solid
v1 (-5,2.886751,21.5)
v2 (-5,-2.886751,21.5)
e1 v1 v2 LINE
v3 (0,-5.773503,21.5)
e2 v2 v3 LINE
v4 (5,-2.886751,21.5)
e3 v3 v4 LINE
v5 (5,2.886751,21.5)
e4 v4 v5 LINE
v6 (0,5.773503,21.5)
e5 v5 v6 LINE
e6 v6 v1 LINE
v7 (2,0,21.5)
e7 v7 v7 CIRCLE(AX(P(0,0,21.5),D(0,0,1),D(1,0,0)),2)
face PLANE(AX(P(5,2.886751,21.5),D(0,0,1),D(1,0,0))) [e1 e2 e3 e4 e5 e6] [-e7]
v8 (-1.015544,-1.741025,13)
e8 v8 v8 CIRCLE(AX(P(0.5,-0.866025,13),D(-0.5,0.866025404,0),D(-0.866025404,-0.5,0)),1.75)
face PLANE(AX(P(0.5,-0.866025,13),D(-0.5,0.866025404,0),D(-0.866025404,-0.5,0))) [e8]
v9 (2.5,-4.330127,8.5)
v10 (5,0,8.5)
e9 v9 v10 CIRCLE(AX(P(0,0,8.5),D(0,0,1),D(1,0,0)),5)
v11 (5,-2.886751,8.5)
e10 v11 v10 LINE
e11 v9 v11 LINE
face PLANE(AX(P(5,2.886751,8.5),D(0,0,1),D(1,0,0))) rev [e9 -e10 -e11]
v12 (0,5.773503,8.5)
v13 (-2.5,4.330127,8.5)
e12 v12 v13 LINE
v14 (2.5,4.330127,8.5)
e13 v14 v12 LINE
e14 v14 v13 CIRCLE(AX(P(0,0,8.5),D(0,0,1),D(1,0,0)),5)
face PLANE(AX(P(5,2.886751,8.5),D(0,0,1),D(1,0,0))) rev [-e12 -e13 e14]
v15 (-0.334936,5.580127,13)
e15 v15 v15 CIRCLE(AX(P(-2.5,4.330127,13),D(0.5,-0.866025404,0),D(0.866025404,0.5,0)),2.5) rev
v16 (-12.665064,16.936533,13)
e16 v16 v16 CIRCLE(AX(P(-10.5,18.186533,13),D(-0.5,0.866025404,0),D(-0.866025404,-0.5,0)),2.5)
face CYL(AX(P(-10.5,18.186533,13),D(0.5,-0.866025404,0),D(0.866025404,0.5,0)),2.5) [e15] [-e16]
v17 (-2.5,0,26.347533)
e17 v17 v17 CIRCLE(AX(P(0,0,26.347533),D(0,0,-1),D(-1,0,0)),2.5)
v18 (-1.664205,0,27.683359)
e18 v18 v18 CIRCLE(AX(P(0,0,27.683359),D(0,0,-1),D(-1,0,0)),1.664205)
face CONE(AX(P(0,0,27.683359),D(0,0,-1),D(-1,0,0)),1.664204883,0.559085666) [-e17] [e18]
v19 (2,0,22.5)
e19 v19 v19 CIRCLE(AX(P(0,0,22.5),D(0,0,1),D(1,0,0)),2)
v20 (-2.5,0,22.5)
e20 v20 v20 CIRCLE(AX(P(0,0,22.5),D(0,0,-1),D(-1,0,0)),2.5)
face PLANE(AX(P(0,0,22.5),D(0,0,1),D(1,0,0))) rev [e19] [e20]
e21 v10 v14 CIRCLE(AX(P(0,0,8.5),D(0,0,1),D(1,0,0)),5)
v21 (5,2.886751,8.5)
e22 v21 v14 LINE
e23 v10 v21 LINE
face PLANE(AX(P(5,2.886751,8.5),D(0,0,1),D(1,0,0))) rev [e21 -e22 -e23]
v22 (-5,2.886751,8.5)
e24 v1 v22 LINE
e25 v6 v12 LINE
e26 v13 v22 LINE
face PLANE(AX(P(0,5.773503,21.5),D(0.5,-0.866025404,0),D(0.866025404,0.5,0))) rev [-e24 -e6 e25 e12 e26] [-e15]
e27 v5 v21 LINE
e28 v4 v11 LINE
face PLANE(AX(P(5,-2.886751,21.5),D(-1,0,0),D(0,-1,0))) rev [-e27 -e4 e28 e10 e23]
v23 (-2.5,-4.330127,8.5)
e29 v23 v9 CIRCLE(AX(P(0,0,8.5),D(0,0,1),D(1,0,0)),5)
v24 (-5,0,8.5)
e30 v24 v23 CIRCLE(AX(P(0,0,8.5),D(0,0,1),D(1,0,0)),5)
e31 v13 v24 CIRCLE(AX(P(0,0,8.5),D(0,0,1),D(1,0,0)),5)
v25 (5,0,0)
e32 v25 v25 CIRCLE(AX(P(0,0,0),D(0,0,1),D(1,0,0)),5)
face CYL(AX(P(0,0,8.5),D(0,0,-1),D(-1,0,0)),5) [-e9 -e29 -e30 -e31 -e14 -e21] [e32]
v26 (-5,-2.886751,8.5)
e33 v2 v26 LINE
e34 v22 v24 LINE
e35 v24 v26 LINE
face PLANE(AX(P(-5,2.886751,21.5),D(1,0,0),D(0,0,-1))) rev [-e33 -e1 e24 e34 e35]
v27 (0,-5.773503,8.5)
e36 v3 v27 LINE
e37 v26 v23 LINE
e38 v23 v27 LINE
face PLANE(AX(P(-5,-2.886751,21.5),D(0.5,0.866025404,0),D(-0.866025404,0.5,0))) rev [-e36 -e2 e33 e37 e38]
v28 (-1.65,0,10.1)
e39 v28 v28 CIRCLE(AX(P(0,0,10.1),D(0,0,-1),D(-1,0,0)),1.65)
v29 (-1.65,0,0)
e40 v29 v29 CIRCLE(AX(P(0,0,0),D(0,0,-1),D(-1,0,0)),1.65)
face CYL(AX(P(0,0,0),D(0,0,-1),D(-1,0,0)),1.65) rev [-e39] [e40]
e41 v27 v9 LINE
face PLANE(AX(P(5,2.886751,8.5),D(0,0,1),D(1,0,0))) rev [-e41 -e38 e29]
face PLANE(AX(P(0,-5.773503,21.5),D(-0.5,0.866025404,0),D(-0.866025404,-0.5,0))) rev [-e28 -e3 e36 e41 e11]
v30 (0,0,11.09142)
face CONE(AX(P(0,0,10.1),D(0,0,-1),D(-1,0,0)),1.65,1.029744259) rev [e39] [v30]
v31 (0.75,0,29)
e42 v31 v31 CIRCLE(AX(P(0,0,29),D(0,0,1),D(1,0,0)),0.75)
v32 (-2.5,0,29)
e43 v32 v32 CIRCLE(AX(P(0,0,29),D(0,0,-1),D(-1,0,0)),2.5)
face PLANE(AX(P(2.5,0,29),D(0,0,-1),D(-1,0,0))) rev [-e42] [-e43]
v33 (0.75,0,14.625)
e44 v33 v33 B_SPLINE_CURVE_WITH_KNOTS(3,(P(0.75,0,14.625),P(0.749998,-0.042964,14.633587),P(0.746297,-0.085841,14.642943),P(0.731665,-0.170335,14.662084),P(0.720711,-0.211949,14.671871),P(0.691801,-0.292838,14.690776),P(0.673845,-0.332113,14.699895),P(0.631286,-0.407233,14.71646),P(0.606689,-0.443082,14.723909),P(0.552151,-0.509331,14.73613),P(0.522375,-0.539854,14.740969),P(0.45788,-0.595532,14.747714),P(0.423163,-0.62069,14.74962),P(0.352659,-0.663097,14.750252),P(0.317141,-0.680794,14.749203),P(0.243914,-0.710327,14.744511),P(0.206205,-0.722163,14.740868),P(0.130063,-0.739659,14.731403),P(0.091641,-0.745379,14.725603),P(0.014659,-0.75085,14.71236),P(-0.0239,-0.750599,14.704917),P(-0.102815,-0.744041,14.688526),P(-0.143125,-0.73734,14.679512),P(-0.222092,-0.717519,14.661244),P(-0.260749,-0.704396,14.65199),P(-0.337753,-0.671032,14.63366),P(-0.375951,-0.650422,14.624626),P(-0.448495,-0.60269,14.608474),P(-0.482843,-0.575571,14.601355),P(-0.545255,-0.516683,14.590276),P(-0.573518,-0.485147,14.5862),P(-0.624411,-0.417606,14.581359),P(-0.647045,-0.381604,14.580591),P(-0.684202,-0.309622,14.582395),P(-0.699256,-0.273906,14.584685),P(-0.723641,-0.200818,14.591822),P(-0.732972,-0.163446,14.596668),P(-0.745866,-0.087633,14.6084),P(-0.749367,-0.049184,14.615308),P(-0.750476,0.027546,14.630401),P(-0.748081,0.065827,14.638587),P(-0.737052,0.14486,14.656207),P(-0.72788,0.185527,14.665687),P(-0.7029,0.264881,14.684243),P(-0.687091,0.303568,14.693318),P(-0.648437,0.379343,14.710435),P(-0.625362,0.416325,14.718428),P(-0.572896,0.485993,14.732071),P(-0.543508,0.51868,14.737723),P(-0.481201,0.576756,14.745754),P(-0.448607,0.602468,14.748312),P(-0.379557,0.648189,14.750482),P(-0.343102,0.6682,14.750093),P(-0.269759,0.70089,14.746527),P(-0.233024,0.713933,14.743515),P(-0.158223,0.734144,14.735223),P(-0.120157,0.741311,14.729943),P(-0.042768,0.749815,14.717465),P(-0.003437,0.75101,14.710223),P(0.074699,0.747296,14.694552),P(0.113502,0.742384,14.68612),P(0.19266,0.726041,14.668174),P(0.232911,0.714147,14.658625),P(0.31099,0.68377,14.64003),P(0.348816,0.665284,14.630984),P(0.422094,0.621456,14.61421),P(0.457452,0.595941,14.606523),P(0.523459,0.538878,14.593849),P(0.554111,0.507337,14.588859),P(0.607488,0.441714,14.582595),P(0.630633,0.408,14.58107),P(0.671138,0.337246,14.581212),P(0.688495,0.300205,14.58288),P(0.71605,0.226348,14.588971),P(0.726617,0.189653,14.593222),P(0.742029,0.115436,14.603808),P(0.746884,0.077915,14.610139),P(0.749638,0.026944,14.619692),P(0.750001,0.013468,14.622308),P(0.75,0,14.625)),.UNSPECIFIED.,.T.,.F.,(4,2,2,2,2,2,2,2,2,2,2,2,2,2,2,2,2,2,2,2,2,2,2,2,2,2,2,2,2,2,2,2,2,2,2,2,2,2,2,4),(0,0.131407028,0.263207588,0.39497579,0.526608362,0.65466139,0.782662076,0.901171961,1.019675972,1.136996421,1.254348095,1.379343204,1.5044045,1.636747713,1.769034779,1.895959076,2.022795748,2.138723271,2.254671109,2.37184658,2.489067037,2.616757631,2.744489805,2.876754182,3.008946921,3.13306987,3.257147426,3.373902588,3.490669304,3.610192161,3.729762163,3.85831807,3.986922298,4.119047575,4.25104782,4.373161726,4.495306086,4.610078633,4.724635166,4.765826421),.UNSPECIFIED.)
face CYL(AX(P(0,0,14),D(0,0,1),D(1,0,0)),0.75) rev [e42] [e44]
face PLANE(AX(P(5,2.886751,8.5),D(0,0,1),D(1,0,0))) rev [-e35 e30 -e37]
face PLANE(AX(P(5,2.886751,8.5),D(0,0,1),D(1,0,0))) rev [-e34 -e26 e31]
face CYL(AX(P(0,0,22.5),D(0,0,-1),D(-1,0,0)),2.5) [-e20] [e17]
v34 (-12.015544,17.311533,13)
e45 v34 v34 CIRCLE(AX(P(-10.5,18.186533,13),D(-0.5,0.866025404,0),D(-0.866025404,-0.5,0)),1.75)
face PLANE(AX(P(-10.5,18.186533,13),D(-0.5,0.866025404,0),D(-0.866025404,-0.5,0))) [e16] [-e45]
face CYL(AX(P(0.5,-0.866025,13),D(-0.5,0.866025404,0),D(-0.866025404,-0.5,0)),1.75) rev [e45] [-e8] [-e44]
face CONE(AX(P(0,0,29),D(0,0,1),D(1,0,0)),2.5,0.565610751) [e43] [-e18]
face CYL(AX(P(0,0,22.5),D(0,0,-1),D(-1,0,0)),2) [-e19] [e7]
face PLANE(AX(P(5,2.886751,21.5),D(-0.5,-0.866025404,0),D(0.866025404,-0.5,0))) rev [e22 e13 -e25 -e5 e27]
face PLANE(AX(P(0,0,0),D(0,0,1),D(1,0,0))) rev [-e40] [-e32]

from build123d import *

# Parameters (mm, degrees)
SKETCH_1_R             = 5
EXTRUDE_1_DEPTH        = 8.5
EXTRUDE_2_DEPTH        = 13
SKETCH_3_R             = 2
EXTRUDE_3_DEPTH        = 1
SKETCH_5_R             = 0.75
CUT_EXTRUDE_1_DEPTH    = 15
SKETCH_6_R             = 2.5
EXTRUDE_4_DEPTH        = 16
SKETCH_7_R             = 1.75
CUT_EXTRUDE_2_DEPTH    = 22
HOLE_WIZARD_M4_1_D     = 3.3
HOLE_WIZARD_M4_1_DEPTH = 10.1
HOLE_WIZARD_M4_1_TIP   = 0.991420021


with BuildPart() as part:
    # 草图1 → 凸台-拉伸1 (new body)
    with BuildSketch(Plane.XY):
        Circle(SKETCH_1_R)
    extrude(amount=EXTRUDE_1_DEPTH)

    # 草图2 → 凸台-拉伸2 (add)
    with BuildSketch(Plane.XY.offset(8.5)):
        Polygon((5, 2.886751346), (0, 5.773502692), (-5, 2.886751346), (-5, -2.886751346), (0, -5.773502692), (5, -2.886751346), align=None)
    extrude(amount=EXTRUDE_2_DEPTH)

    # 草图3 → 凸台-拉伸3 (add)
    with BuildSketch(Plane.XY.offset(21.5)):
        Circle(SKETCH_3_R)
    extrude(amount=EXTRUDE_3_DEPTH)

    # 草图4 → 旋转1 (revolve)
    with BuildSketch(Plane(origin=(0, 0, 0), x_dir=(1, 0, 0), z_dir=(0, 1, 0)), mode=Mode.PRIVATE) as revolve_1_sk:
        Polygon((0, -22.5), (2.5, -22.5), (2.5, -26.347532538), (1.664204883, -27.683358747), (2.5, -29), (0, -29), align=None)
    revolve(revolve_1_sk.sketch.rotate(Axis((0, 0, 22.5), (0, 0, 1)), 180), axis=Axis((0, 0, 22.5), (0, 0, 1)))

    # 草图5 → 切除-拉伸1 (cut)
    with BuildSketch(Plane.XY.offset(29)):
        Circle(SKETCH_5_R)
    extrude(amount=-CUT_EXTRUDE_1_DEPTH, mode=Mode.SUBTRACT)

    # 草图6 → 凸台-拉伸4 (add)
    with BuildSketch(Plane(origin=(-2.5, 4.330127019, 0), x_dir=(0.8660254037844388, 0.49999999999999983, 0), z_dir=(-0.4999999999999998, 0.8660254037844387, 0))):
        with Locations((0, -13)):
            Circle(SKETCH_6_R)
    extrude(amount=EXTRUDE_4_DEPTH)

    # 草图7 → 切除-拉伸2 (cut)
    with BuildSketch(Plane(origin=(-10.5, 18.186533479, 0), x_dir=(0.8660254037844387, 0.49999999999999994, 0), z_dir=(-0.4999999999999999, 0.8660254037844386, 0))):
        with Locations(Location((0, -13, 0), (0, 0, 180))):
            Circle(SKETCH_7_R)
    extrude(amount=-CUT_EXTRUDE_2_DEPTH, mode=Mode.SUBTRACT)

    # M4 螺纹孔1
    with Locations(Plane(origin=(0, 0, 0), x_dir=(-1, 0, 0), z_dir=(0, 0, -1))):
        with Locations((0, 0)):
            Hole(HOLE_WIZARD_M4_1_D / 2, depth=HOLE_WIZARD_M4_1_DEPTH)
            with Locations((0, 0, -(HOLE_WIZARD_M4_1_DEPTH + HOLE_WIZARD_M4_1_TIP / 2))):  # 118° drill point
                Cone(0, HOLE_WIZARD_M4_1_D / 2, HOLE_WIZARD_M4_1_TIP, mode=Mode.SUBTRACT)


solid = part.part
